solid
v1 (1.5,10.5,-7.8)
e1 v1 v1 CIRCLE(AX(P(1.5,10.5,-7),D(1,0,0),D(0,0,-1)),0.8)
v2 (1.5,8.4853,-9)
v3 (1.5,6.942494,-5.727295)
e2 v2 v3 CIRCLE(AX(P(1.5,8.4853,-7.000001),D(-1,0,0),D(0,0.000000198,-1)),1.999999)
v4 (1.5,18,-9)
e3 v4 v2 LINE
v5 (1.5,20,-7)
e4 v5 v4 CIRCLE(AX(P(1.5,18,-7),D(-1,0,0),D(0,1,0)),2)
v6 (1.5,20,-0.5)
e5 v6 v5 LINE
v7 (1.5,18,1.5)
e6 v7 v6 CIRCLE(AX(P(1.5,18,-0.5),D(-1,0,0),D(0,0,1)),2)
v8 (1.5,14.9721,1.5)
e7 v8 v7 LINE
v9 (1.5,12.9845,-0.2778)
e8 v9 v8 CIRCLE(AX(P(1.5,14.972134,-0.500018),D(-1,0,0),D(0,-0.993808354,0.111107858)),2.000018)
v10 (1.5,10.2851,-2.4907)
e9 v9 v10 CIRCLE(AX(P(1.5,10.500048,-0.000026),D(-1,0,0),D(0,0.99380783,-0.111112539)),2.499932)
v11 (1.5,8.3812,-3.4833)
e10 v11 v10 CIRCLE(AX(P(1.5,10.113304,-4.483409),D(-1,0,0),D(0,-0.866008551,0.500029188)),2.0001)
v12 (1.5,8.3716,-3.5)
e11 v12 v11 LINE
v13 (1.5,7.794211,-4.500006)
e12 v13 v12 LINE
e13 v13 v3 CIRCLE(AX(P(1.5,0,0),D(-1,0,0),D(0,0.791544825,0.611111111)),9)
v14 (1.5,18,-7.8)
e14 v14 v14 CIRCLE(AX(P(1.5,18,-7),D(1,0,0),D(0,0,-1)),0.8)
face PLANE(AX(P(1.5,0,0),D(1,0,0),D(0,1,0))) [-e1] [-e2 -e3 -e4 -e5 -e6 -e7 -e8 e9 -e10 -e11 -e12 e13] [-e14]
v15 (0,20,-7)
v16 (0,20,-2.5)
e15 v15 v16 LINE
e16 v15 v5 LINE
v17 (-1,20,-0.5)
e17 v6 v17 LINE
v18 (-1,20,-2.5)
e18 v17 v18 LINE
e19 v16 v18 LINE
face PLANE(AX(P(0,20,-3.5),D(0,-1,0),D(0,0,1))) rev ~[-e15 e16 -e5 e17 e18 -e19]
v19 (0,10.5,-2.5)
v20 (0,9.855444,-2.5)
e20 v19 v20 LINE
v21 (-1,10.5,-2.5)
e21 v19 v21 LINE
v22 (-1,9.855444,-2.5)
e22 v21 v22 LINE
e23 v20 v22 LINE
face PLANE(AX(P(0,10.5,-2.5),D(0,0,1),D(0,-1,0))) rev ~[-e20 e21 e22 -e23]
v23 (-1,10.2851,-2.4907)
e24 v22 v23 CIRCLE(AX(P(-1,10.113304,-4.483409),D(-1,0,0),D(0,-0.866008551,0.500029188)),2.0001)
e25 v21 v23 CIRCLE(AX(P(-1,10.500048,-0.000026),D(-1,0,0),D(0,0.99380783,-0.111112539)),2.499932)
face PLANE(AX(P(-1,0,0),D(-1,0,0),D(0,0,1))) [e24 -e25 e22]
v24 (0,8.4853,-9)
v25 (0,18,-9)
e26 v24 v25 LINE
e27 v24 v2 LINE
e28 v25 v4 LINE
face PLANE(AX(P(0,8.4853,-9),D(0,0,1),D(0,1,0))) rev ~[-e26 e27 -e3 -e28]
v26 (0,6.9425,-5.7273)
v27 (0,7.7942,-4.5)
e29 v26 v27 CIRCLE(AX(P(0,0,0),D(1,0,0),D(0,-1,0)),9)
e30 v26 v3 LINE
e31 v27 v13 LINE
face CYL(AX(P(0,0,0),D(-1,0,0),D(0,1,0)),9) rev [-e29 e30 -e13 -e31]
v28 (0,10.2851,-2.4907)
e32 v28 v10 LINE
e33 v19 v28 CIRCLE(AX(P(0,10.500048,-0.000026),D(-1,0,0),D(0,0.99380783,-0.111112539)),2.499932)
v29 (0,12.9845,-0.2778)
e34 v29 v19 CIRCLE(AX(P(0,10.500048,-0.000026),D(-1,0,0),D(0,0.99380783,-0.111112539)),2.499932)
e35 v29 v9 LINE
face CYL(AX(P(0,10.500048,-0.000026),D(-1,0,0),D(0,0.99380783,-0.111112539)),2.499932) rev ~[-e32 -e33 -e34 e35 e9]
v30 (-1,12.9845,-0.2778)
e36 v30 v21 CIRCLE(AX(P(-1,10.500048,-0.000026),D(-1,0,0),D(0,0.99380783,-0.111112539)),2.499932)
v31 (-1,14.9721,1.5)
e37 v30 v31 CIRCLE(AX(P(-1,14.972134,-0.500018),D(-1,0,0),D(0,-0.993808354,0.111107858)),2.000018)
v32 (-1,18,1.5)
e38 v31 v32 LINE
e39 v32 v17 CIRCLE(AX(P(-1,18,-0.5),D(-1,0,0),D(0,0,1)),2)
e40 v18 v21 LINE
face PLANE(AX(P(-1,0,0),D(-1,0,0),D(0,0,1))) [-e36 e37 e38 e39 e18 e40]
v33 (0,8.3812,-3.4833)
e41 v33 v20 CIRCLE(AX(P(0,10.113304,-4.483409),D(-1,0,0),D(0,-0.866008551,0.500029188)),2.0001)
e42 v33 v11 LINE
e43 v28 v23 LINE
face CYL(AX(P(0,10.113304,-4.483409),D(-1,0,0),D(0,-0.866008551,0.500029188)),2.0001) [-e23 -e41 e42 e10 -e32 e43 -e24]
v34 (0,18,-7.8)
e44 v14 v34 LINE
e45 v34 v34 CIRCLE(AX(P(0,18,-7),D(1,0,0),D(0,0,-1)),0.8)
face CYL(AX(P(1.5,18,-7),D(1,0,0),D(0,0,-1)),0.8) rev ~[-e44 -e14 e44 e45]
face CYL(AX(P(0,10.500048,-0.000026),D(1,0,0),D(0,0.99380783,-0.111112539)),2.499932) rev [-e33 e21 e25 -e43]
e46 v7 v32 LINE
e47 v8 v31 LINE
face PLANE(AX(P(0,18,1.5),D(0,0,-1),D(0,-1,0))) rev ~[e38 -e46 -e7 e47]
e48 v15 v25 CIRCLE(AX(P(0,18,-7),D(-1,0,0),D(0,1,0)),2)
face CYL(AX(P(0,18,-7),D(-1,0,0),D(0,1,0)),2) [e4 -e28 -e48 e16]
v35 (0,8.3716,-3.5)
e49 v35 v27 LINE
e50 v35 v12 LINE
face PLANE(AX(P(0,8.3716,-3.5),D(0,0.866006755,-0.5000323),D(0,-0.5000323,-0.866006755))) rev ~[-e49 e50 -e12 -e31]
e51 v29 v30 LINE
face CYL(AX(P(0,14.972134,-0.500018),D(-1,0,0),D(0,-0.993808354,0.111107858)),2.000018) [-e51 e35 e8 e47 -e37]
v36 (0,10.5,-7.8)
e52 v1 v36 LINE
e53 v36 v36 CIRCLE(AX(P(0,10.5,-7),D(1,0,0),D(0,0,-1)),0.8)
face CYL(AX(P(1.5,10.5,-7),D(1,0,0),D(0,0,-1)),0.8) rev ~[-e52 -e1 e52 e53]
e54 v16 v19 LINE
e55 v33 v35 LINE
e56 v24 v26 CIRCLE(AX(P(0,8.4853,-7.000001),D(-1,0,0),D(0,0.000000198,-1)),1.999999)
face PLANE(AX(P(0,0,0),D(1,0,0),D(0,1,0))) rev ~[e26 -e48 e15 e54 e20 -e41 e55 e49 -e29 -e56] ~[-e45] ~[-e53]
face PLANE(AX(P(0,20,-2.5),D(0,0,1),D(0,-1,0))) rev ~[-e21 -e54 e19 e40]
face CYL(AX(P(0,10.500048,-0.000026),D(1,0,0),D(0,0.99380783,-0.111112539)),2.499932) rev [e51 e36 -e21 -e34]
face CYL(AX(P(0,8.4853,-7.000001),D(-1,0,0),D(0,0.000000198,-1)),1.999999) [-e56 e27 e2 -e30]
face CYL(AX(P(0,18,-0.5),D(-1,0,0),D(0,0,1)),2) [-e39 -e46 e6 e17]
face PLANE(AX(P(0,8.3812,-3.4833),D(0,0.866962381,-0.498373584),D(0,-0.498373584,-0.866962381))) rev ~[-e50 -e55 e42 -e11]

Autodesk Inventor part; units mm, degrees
ref_plane "YZ Plane" through (0, 0, 0) normal (1, 0, 0) x (0, 1, 0)
ref_plane "XZ Plane" through (0, 0, 0) normal (0, 1, 0) x (-1, 0, 0)
ref_plane "XY Plane" through (0, 0, 0) normal (0, 0, 1) x (1, 0, 0)
sketch "スケッチ1" plane through (0, 0, 0) normal (1, 0, 0) x (0, 1, 0)
  circle A0 centre (0, 0) radius 9
  line L0 (50, 5.5) -> (-9, 5.5)
  line L1 (-9, 5.5) -> (-9, -13.5)
  line L2 (-9, -13.5) -> (50, -13.5)
  line L3 (50, -13.5) -> (50, 5.5)
  line L4 (50, 13.5) -> (-9, 13.5)
  line L5 (-9, 13.5) -> (-9, -13.5)
  line L6 (-9, -13.5) -> (50, -13.5)
  line L7 (50, -13.5) -> (50, 13.5)
  line L8 (-20.8, 0) -> (61.8, 0) projected
  point P0 (-9, 0)
  dimension "d0" = 18
  dimension "d3" = 19
  dimension "d4" = 27
extrude "押し出し1" add sketch "スケッチ1" along normal blind 1.5 contours L8 L3 L2 L1 A0 | A0 L0 L3 L8 | L1 L0 A0
sketch "スケッチ2" plane through (0, 0, 0) normal (-1, 0, 0) x (0, 0, 1)
  arc A0 (-0.2778, 12.9845) -> (-2.4907, 10.2851) centre (0, 10.5) ccw projected
  line L0 (-3.4833, 8.3812) -> (-3.5, 8.3716) projected
  line L1 (-3.5, 8.3716) -> (-3.5, 20) projected
  line L2 (-3.5, 20) -> (-0.5, 20) projected
  line L3 (-7, 20) -> (-3.5, 20) projected
  arc A1 (-4.5, 7.7942) -> (-5.7273, 6.9425) centre (0, 0) ccw projected
  line L4 (-3.5, 8.3716) -> (-4.5, 7.7942) projected
  arc A2 (5.5, 7.1239) -> (0, -9) centre (0, 0) ccw projected
  line L5 (5.5, 50) -> (5.5, 7.1239) projected
  line L6 (-13.5, 50) -> (5.5, 50) projected
  line L7 (-13.5, -9) -> (-13.5, 50) projected
  line L8 (0, -9) -> (-13.5, -9) projected
  line L9 (5.5, -9) -> (0, -9) projected
  line L10 (5.5, -7.1239) -> (5.5, -9) projected
  arc A3 (0, -9) -> (5.5, -7.1239) centre (0, 0) ccw projected
  arc A4 (-3.4833, 8.3812) -> (-2.4907, 10.2851) centre (-4.4833, 10.1132) ccw projected
  arc A5 (1.5, 18) -> (-0.5, 20) centre (-0.5, 18) ccw projected
  line L11 (1.5, 18) -> (1.5, 14.9721) projected
  arc A6 (-0.2778, 12.9845) -> (1.5, 14.9721) centre (-0.5, 14.9721) ccw projected
  line L12 (-9, 8.4853) -> (-9, 18) projected
  arc A7 (-7, 20) -> (-9, 18) centre (-7, 18) ccw projected
  arc A8 (-9, 8.4853) -> (-5.7273, 6.9425) centre (-7, 8.4853) ccw projected
  point P0 (-4.5, 7.7942)
  point P1 (-5.7273, 6.9425)
extrude "押し出し2" cut sketch "スケッチ2" against normal through all contours A6 L11 A5 L2 L3 A7 L12 A8 A2 L8 L7 L6 L5 L4 L0 A4 A0 | A3 L10 L9
sketch "スケッチ3" plane through (0, 0, 0) normal (-1, 0, 0) x (0, 0, 1)
  line L0 (-3.5, 20) -> (-3.5, 8.3716) projected
  line L1 (-4.5, 7.7942) -> (-3.4833, 8.3812) projected
  arc A0 (-0.2778, 12.9845) -> (-2.4907, 10.2851) centre (0, 10.5) ccw projected
  line L2 (-0.5, 20) -> (-7, 20) projected
  arc A1 (-4.5, 7.7942) -> (-5.7273, 6.9425) centre (0, 0) ccw projected
  line L3 (-3.5, 20) -> (-2.5, 20)
  line L4 (-2.5, 20) -> (-2.5, 8.3716)
  line L5 (-2.5, 8.3716) -> (-3.5, 8.3716)
  line L6 (-3.5, 8.3716) -> (-3.5, 20)
  arc A2 (-3.4833, 8.3812) -> (-2.4907, 10.2851) centre (-4.4833, 10.1132) ccw projected
  arc A3 (-0.2778, 12.9845) -> (1.5, 14.9721) centre (-0.5, 14.9721) ccw projected
  line L7 (1.5, 14.9721) -> (1.5, 18) projected
  arc A4 (1.5, 18) -> (-0.5, 20) centre (-0.5, 18) ccw projected
  arc A5 (-7, 20) -> (-9, 18) centre (-7, 18) ccw projected
  line L8 (-9, 18) -> (-9, 8.4853) projected
  arc A6 (-9, 8.4853) -> (-5.7273, 6.9425) centre (-7, 8.4853) ccw projected
  line L9 (-2.5, 8.3716) -> (-2.5, 10.5)
  point P0 (-2.5, 9.8557)
  dimension "d7" = 1
extrude "押し出し3" add sketch "スケッチ3" along normal blind 1 contours L2 A4 L7 A3 A0 L4 | A0 A2 L4
sketch "スケッチ4" plane through (1.5, 0, 0) normal (1, 0, 0) x (0, 0, -1)
  circle A0 centre (7, 18) radius 0.8
  circle A1 centre (7, 10.5) radius 0.8
  line L0 (7, 20) -> (0.5, 20) projected
  arc A2 (2.4907, 10.2851) -> (0.2778, 12.9845) centre (0, 10.5) ccw projected
  point P0 (0, 0)
  point P1 (-1.5, 20)
  point P2 (-1.5, 12.5)
  point P3 (2.1169, 9.1701)
  dimension "d10" = 1.6
  dimension "d11" = 1.6
  dimension "d12" = 2
extrude "押し出し4" cut sketch "スケッチ4" against normal through all
properties part number "toe_springjoint_cover_upper_left"
